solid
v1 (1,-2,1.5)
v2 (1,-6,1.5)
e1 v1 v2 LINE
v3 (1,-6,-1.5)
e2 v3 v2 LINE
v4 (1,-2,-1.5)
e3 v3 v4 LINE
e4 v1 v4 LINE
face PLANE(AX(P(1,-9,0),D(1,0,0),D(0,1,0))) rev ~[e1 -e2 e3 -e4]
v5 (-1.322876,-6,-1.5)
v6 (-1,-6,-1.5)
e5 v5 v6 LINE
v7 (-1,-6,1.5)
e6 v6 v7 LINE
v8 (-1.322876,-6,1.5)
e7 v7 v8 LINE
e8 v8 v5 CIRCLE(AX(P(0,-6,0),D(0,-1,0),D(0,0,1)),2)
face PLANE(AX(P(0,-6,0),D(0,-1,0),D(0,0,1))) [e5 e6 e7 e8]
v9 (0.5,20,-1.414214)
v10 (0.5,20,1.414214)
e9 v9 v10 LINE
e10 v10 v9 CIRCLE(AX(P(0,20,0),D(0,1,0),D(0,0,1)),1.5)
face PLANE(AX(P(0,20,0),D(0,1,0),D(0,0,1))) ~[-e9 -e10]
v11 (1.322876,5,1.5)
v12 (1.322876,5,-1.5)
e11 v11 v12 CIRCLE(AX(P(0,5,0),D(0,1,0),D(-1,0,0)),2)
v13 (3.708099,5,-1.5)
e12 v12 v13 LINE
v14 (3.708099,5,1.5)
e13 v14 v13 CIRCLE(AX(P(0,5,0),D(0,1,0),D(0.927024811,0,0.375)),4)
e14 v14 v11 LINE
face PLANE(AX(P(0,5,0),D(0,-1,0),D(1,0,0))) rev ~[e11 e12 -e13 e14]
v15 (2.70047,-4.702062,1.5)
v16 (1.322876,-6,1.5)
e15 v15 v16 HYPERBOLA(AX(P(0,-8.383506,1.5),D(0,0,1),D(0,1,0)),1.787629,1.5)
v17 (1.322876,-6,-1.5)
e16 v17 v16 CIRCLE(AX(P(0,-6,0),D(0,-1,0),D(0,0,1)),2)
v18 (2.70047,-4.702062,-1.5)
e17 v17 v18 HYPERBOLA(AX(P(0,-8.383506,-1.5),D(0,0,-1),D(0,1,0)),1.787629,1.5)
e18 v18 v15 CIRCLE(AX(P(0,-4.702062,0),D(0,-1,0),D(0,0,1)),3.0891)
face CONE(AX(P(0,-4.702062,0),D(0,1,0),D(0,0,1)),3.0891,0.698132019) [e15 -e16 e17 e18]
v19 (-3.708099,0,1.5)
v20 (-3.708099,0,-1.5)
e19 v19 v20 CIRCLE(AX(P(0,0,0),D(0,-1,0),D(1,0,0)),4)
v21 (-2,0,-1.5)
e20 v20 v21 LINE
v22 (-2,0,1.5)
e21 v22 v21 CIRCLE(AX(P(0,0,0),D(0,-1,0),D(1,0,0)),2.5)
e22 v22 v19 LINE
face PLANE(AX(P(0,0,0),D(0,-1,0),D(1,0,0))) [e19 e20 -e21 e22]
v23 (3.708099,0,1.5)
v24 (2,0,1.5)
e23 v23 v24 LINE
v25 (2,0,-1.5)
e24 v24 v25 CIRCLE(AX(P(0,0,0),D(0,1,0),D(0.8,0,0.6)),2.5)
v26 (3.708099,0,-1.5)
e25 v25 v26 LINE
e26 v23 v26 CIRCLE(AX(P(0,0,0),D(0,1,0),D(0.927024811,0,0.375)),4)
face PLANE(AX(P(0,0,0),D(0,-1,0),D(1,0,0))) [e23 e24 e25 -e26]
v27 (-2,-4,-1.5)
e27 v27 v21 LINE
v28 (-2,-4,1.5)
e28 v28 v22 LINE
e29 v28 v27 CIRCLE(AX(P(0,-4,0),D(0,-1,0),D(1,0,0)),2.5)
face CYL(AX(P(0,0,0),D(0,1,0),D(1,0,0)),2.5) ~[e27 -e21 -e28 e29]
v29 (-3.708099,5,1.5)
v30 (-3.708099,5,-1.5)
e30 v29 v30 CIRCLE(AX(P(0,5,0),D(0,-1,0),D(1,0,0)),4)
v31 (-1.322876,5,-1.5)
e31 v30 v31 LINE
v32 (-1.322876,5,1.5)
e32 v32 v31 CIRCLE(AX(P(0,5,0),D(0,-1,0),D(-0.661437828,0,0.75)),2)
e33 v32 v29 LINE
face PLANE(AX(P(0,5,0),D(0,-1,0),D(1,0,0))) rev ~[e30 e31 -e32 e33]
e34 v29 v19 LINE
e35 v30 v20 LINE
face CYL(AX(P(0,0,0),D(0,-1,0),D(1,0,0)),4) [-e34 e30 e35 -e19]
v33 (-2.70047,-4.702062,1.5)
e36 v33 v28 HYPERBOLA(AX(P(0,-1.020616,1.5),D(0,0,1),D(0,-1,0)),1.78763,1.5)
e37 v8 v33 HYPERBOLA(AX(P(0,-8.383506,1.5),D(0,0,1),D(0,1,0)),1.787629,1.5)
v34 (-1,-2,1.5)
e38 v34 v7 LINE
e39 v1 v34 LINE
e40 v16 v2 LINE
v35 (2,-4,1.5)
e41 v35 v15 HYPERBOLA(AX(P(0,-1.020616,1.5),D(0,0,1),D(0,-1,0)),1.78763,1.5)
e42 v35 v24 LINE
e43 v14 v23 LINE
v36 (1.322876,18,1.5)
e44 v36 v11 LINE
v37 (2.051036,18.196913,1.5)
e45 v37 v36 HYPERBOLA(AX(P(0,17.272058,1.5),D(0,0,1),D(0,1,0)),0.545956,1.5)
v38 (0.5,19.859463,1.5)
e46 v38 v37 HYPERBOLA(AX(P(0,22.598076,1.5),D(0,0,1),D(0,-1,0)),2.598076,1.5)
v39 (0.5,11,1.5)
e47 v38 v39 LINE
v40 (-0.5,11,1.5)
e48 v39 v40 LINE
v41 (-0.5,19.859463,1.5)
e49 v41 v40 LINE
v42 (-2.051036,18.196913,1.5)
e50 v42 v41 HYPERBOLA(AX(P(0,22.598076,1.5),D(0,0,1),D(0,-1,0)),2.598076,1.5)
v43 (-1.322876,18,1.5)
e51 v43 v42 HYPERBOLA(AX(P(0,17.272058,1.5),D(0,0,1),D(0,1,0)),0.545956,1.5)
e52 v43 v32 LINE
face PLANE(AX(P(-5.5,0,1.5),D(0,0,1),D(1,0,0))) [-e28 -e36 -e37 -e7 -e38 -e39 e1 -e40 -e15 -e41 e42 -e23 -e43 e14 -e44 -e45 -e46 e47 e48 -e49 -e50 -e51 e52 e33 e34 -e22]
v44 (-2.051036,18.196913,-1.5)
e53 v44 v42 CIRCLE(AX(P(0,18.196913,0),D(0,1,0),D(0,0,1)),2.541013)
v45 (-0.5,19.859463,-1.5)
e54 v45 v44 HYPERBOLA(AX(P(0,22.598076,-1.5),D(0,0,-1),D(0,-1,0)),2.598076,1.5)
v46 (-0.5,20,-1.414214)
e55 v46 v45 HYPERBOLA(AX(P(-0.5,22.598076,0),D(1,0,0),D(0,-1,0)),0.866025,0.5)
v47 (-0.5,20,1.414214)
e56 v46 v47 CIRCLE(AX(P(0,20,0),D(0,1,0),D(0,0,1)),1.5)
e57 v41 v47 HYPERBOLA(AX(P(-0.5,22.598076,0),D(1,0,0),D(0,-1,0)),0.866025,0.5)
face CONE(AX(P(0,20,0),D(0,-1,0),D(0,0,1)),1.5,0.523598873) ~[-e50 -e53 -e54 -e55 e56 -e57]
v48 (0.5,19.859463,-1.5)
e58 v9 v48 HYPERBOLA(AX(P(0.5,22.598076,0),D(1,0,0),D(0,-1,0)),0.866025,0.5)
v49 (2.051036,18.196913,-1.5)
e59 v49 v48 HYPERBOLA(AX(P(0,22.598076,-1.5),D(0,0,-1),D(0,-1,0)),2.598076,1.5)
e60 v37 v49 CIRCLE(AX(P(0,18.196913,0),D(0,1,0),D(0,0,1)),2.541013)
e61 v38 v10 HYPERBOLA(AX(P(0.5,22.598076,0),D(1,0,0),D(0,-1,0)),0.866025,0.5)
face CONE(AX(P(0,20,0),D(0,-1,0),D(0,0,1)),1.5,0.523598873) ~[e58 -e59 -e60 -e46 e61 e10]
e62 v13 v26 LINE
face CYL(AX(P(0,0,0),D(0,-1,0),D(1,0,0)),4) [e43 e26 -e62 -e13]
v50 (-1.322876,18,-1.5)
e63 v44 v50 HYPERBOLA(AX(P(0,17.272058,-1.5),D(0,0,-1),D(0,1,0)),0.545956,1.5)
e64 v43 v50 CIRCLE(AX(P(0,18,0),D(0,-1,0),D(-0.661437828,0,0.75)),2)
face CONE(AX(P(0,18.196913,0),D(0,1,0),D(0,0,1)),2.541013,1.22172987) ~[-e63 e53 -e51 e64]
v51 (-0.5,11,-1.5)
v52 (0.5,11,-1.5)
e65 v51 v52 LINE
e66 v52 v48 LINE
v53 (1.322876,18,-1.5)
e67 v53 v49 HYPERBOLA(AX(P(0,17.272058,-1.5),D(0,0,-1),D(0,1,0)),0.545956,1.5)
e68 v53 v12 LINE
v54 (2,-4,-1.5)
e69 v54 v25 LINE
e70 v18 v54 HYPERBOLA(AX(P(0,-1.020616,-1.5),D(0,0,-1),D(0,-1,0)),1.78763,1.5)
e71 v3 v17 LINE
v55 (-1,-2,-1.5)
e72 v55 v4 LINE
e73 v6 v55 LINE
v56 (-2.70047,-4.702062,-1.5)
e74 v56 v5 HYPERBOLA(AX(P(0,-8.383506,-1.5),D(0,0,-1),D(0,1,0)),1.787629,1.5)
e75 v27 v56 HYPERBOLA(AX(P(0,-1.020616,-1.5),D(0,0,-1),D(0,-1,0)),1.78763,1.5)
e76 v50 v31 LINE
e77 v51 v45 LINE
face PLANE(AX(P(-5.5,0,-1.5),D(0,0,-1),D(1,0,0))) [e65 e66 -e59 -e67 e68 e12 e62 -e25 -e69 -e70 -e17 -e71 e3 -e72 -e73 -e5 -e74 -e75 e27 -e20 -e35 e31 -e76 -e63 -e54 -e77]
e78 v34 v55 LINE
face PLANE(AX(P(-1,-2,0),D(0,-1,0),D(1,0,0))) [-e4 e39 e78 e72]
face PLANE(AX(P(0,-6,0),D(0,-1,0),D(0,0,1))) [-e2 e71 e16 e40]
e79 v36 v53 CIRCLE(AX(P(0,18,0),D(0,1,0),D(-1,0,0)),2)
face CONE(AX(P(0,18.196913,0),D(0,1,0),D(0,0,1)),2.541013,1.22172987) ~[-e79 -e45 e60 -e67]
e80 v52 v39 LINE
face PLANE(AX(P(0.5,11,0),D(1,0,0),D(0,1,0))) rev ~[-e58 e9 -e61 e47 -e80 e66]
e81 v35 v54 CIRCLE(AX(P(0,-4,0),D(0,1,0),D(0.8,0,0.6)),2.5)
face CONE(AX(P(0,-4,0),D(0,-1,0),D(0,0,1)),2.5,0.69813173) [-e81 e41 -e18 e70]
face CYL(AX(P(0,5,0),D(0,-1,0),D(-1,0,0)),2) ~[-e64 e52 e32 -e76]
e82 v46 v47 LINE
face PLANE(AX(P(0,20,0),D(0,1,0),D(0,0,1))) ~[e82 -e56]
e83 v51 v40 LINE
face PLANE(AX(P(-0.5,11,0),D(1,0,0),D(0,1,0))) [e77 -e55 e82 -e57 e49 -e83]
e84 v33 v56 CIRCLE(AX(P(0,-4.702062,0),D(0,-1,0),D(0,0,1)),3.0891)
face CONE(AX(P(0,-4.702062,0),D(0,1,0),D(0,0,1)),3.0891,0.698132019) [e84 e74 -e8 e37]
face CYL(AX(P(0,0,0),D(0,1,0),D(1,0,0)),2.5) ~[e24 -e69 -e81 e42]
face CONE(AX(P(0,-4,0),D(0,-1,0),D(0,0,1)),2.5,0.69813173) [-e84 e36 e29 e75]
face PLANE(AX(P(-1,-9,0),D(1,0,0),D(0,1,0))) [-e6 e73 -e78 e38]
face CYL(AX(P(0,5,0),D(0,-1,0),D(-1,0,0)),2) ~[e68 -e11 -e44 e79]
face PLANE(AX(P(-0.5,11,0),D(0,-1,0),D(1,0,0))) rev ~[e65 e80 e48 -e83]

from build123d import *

# Parameters (mm, degrees)
F15_R     = 2.5
F0_DEPTH  = 4
F3_W      = 2
F3_H      = 7
F4_DEPTH  = 3.5
F5_R      = 4
F6_DEPTH  = 5
F7_R      = 2
F8_DEPTH  = 13
F11_W     = 1
F11_H     = 11
F12_DEPTH = 12.5
F13_W     = 11
F13_H     = 5
F14_DEPTH = 25


with BuildPart() as f0:
    # F15 (on Front) → F0 (new body)
    with BuildSketch(Plane.XZ):
        Circle(F15_R)
    extrude(amount=F0_DEPTH)

    # F1 (on Right) → F2 (revolve)
    with BuildSketch(Plane.YZ):
        Polygon((-6, 0), (-4, 0), (-4, 2.5), (-4.702062, 3.0891), (-6, 2), align=None)
    revolve(axis=Axis((0, -8.987078, 0), (0, -1, 0)))

    # F3 (on Top) → F4 (cut, symmetric)
    with BuildSketch(Plane.XY):
        with Locations((0, -5.5)):
            Rectangle(F3_W, F3_H)
    extrude(amount=F4_DEPTH, both=True, mode=Mode.SUBTRACT)

    # F5 (on face) → F6 (join)
    with BuildSketch(Plane.XZ):
        Circle(F5_R)
    extrude(amount=-F6_DEPTH)

    # F7 (on face) → F8 (join)
    with BuildSketch(Plane(origin=(0, 5, 0), x_dir=(-1, 0, 0), z_dir=(0, 1, 0))):
        Circle(F7_R)
    extrude(amount=F8_DEPTH)

    # F9 (on Right) → F10 (revolve)
    with BuildSketch(Plane.YZ):
        Polygon((18, 2), (18, 0), (20, 0), (20, 1.5), (18.196913, 2.541013), align=None)
    revolve(axis=Axis((0, 19, 0), (0, 1, 0)))

    # F11 (on Top) → F12 (cut, symmetric)
    with BuildSketch(Plane.XY):
        with Locations((0, 16.5)):
            Rectangle(F11_W, F11_H)
    extrude(amount=F12_DEPTH, both=True, mode=Mode.SUBTRACT)

    # F13 (on Front) → F14 (cut, symmetric)
    with BuildSketch(Plane.XZ):
        with Locations((0, 4)):
            Rectangle(F13_W, F13_H)
        with Locations((0, -4)):
            Rectangle(F13_W, F13_H)
    extrude(amount=F14_DEPTH, both=True, mode=Mode.SUBTRACT)


solid = f0.part
